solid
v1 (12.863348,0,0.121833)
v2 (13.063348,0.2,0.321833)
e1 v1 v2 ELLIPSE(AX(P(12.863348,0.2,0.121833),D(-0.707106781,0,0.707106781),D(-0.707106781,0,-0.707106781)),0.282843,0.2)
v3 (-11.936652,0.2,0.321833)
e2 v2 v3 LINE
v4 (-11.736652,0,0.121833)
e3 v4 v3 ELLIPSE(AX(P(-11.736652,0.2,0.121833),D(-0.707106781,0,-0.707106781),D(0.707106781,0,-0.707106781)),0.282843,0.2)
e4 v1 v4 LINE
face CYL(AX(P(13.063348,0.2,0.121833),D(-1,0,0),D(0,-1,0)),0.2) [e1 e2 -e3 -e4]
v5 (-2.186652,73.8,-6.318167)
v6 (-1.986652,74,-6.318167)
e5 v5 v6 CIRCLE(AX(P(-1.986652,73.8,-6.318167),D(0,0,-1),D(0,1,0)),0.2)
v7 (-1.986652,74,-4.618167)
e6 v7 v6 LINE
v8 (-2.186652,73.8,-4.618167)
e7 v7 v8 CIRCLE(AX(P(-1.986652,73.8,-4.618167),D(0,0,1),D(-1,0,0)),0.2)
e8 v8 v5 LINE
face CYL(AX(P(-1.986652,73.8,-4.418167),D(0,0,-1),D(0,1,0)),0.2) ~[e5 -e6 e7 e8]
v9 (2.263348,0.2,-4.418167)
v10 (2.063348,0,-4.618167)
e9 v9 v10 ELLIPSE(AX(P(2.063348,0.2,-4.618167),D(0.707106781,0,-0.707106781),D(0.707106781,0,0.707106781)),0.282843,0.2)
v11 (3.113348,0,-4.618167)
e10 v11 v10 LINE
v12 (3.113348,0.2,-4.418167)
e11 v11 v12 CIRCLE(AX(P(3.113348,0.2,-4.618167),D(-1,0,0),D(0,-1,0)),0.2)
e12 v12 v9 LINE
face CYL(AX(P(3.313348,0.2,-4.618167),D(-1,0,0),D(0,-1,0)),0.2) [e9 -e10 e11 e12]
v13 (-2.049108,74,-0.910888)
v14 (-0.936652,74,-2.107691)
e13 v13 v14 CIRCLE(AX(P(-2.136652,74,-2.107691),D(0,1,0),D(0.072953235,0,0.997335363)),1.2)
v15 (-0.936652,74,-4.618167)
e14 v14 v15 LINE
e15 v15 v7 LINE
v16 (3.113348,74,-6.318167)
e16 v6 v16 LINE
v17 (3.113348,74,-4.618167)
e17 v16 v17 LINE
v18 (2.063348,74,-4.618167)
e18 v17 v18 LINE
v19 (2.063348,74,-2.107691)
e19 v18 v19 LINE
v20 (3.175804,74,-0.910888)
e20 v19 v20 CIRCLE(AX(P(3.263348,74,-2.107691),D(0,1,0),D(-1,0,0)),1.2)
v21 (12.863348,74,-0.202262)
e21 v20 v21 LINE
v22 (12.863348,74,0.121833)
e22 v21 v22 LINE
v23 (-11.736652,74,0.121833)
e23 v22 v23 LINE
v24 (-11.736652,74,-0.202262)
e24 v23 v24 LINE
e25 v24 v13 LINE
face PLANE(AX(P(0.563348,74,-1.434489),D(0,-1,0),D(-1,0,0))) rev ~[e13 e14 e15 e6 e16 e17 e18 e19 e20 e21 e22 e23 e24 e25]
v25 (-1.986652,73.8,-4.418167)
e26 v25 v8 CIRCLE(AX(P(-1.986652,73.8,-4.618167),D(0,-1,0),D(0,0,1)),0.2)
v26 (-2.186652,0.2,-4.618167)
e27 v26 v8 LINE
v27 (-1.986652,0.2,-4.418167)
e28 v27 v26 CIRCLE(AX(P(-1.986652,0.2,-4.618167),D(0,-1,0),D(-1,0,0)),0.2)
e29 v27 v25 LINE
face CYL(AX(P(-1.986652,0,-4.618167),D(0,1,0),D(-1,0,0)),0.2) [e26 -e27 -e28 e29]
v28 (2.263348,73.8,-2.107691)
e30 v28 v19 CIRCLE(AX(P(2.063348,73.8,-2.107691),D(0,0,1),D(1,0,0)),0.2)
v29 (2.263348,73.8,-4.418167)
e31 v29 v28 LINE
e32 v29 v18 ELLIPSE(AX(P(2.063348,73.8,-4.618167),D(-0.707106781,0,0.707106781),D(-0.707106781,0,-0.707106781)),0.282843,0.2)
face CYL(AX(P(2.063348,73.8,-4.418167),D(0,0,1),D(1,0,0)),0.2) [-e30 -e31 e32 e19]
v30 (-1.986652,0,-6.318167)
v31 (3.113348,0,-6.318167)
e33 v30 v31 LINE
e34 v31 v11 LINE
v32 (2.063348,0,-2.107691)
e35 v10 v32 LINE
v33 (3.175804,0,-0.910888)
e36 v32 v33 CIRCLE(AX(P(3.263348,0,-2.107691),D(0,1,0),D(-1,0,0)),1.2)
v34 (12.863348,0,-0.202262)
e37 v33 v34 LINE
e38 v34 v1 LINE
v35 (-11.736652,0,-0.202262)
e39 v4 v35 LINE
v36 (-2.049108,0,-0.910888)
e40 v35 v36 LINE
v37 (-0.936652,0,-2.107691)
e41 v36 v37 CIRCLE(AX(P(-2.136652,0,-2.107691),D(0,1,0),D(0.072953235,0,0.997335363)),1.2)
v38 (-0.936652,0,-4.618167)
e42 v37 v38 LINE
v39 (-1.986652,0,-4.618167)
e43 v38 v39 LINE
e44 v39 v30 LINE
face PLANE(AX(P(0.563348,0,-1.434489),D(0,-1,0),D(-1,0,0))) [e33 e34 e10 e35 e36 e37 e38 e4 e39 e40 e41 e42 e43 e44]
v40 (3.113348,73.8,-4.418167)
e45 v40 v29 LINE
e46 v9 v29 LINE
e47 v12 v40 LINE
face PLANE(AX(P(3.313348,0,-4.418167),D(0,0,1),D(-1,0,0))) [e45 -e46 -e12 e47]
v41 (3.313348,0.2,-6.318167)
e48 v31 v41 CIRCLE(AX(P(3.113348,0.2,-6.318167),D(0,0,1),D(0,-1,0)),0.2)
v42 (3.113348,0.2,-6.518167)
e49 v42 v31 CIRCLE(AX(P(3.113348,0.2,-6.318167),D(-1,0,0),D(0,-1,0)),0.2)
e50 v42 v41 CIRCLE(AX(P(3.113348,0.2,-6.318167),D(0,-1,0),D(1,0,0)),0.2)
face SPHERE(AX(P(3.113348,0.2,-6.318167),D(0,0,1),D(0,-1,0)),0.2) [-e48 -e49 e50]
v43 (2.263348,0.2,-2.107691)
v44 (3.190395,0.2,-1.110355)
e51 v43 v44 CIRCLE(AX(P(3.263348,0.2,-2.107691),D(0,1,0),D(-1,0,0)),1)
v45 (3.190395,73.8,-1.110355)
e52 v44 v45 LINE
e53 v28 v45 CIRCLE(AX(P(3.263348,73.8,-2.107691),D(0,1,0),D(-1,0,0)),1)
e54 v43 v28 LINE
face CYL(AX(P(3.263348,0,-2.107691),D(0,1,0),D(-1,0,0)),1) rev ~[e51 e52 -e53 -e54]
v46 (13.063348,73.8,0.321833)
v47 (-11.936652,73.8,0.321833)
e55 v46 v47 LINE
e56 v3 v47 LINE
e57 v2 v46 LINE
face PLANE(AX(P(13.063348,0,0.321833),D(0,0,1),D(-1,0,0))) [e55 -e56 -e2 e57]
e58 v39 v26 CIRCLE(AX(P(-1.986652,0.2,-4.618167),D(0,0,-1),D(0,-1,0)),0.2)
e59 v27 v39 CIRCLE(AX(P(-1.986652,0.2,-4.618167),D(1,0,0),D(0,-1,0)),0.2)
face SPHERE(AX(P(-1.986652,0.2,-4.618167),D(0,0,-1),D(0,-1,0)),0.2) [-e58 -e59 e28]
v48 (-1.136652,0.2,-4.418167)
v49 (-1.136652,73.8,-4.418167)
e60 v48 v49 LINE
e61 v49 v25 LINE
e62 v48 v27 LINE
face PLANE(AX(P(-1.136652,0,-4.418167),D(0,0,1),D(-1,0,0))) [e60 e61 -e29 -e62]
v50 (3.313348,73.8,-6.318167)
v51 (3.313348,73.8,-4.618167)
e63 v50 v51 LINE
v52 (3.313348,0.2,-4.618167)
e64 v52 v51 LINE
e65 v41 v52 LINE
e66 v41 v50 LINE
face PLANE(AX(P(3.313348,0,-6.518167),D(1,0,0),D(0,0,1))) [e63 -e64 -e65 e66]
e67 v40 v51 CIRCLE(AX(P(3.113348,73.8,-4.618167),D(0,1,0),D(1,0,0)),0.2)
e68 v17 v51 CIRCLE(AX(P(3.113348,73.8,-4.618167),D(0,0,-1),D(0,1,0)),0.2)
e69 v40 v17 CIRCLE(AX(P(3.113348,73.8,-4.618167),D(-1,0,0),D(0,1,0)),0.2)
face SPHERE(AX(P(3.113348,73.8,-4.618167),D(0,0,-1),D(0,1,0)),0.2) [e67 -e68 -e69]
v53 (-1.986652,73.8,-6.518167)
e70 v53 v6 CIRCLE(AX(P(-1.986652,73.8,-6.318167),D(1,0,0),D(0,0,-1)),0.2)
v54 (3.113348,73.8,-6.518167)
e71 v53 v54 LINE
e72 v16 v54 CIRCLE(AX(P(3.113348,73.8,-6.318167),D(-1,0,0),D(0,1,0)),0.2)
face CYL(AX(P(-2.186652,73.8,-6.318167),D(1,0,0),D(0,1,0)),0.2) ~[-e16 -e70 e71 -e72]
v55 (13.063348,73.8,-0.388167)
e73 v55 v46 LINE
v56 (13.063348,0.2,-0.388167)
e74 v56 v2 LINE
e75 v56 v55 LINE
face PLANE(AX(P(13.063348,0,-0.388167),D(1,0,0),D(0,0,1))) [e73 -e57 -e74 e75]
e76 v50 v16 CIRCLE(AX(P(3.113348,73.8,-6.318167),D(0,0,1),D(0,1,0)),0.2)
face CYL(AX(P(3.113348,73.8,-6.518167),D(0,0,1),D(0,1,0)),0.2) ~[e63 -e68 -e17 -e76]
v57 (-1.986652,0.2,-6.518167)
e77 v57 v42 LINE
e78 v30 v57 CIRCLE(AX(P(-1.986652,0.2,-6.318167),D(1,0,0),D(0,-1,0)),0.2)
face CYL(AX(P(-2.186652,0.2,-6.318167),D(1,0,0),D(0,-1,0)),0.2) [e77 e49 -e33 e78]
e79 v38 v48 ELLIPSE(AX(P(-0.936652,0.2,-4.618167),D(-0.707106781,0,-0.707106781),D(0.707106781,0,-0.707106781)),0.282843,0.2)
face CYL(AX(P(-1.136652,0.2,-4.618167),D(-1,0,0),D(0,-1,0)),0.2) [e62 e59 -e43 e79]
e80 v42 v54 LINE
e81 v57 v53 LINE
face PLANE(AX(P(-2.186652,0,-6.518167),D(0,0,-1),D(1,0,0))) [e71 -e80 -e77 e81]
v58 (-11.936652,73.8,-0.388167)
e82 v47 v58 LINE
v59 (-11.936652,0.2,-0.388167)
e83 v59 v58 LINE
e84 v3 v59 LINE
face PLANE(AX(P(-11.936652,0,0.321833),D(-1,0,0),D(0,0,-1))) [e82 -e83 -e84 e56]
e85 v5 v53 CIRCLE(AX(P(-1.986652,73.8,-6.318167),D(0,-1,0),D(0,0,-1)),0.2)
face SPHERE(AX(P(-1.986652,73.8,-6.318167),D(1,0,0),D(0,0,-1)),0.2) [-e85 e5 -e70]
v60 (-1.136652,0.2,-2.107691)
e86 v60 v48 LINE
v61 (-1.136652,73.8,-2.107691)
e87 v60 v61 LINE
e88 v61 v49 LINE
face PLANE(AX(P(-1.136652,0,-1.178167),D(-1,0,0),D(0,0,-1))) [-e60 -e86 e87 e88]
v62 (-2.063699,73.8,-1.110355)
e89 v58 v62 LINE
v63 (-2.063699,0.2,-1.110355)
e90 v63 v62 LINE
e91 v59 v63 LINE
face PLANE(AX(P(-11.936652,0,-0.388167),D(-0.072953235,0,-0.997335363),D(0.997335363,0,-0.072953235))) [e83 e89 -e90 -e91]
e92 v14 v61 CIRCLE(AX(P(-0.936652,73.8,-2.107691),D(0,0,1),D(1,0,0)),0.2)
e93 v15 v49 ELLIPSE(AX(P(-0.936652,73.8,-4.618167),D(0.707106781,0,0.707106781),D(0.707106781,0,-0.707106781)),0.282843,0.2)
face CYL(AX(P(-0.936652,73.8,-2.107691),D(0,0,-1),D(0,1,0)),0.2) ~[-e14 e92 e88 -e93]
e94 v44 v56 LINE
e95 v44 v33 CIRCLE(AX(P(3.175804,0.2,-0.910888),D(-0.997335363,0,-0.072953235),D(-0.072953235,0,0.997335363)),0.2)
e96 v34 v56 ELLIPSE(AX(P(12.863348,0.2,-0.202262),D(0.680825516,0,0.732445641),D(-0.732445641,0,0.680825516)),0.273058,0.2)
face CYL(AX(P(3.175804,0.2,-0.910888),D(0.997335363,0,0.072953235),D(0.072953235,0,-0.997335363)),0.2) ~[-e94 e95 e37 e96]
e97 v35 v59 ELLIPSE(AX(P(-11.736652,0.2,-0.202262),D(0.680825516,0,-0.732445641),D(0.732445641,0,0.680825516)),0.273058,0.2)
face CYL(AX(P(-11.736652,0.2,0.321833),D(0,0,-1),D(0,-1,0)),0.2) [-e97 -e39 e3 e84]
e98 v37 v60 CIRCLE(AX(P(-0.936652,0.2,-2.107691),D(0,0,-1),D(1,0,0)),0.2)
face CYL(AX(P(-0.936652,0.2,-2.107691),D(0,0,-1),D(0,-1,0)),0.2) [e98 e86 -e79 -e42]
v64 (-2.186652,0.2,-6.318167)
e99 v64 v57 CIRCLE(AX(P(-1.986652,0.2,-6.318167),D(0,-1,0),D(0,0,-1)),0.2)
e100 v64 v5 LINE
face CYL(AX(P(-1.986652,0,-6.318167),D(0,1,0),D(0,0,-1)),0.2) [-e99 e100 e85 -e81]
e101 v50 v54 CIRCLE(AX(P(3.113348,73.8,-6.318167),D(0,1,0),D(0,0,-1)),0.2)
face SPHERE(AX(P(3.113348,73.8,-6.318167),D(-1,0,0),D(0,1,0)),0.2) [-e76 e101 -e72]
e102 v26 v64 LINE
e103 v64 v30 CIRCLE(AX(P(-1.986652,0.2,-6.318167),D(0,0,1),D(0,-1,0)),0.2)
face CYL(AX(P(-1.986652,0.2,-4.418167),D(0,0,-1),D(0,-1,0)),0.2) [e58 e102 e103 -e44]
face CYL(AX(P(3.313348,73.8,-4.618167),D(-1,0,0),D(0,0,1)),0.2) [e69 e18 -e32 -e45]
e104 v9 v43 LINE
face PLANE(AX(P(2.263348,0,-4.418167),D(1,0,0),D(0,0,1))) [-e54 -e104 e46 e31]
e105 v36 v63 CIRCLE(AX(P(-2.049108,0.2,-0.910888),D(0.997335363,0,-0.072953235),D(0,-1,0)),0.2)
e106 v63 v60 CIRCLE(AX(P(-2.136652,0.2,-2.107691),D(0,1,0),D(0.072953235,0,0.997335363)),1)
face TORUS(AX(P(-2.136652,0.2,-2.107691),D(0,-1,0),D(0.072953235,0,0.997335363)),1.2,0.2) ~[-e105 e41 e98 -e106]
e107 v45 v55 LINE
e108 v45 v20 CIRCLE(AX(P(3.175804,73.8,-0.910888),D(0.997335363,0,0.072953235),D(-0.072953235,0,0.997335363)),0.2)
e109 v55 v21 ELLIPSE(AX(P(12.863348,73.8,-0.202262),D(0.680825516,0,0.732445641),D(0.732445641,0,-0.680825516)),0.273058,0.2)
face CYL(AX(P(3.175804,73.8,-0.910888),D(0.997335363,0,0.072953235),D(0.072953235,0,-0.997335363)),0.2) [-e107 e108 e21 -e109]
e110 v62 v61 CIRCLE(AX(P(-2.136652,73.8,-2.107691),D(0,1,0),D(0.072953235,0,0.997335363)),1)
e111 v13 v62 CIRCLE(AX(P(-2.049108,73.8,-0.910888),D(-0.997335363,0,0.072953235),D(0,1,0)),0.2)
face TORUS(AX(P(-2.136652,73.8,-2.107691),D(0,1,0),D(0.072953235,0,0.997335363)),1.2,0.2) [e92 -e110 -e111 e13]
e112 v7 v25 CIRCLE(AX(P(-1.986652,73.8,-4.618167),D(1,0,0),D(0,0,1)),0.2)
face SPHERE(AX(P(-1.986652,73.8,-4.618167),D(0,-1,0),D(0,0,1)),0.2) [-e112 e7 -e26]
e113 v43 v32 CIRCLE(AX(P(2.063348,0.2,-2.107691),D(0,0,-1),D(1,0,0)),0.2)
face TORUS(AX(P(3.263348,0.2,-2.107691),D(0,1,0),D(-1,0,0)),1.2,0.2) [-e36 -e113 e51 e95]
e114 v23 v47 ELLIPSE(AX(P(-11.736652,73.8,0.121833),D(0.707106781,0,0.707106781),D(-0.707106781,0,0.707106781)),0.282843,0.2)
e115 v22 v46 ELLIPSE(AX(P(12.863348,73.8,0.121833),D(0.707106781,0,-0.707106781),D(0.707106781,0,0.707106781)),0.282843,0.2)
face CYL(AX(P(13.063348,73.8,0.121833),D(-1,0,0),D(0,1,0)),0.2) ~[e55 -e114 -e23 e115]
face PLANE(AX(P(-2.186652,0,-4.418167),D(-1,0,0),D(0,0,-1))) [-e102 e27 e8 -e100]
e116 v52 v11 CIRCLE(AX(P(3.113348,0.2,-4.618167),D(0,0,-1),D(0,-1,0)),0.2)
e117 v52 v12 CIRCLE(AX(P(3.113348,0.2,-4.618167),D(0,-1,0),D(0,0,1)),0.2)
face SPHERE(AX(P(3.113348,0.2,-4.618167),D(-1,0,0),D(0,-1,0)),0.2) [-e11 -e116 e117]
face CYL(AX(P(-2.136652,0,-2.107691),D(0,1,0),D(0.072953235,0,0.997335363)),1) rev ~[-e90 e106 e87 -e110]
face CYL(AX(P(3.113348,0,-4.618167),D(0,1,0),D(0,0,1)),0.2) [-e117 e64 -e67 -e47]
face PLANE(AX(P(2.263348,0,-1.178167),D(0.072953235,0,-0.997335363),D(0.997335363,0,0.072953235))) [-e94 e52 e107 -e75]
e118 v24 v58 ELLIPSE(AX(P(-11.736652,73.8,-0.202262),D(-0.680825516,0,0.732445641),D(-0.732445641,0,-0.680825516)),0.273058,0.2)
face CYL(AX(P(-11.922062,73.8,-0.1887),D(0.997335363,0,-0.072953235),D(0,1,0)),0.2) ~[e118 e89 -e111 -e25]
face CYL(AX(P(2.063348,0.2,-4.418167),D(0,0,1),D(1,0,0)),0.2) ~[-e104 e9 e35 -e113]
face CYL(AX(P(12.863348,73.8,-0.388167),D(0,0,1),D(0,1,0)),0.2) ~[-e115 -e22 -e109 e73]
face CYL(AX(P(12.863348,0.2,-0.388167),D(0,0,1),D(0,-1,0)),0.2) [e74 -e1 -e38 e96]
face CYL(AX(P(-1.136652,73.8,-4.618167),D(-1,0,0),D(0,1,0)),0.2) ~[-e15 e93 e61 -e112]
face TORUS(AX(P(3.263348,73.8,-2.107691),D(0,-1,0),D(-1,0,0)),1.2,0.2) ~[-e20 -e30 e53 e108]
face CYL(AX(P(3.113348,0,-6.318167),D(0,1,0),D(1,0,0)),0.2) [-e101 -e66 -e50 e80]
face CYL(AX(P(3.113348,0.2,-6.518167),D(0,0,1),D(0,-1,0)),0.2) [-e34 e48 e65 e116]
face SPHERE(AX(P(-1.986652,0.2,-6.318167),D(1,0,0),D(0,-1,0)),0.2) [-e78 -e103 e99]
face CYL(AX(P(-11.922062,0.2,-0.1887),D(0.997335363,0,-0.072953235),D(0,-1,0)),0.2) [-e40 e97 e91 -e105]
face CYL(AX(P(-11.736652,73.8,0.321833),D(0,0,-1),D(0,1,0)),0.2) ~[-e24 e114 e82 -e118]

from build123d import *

# Parameters (mm, degrees)
BOSS_EXTRUDE1_DEPTH = 74
FILLET2_R           = 1
FILLET3_R           = 0.2


with BuildPart() as part:
    # Sketch4 → Boss-Extrude1 (new body)
    with BuildSketch(Plane(origin=(0, 0, 0), x_dir=(1, 0, 0), z_dir=(0, 1, 0))):
        Polygon((2.263347742, 4.418167116), (2.263347742, 1.178167116), (13.063347742, 0.388167116), (13.063347742, -0.321832884), (-11.936652258, -0.321832884), (-11.936652258, 0.388167116), (-1.136652258, 1.178167116), (-1.136652258, 4.418167116), (-2.186652258, 4.418167116), (-2.186652258, 6.518167116), (3.313347742, 6.518167116), (3.313347742, 4.418167116), align=None)
    extrude(amount=BOSS_EXTRUDE1_DEPTH)

    # Fillet2
    fillet2_edges = [part.edges().sort_by_distance(p)[0] for p in [
        (-1.136652258, 37, -1.178167116),
        (2.263347742, 37, -1.178167116),
    ]]
    fillet(fillet2_edges, radius=FILLET2_R)

    # Fillet3
    fillet3_edges = [part.edges().sort_by_distance(p)[0] for p in [
        (0.563347742, 74, -6.518167116),
        (-1.136652258, 0, -3.26292892),
        (-7.000175641, 0, -0.749261239),
        (-11.936652258, 0, -0.033167116),
        (0.563347742, 0, 0.321832884),
        (13.063347742, 0, -0.033167116),
        (3.313347742, 74, -5.468167116),
        (2.263347742, 0, -3.26292892),
        (2.788347742, 0, -4.418167116),
        (3.313347742, 0, -5.468167116),
        (0.563347742, 0, -6.518167116),
        (-2.186652258, 0, -5.468167116),
        (-1.661652258, 0, -4.418167116),
        (2.788347742, 74, -4.418167116),
        (2.263347742, 74, -3.26292892),
        (3.313347742, 37, -4.418167116),
        (3.313347742, 37, -6.518167116),
        (-2.186652258, 37, -6.518167116),
        (-2.186652258, 37, -4.418167116),
        (13.063347742, 74, -0.033167116),
        (0.563347742, 74, 0.321832884),
        (-11.936652258, 74, -0.033167116),
        (-7.000175641, 74, -0.749261239),
        (8.126871124, 0, -0.749261239),
        (8.126871124, 74, -0.749261239),
        (-1.136652258, 74, -3.26292892),
        (2.5309021, 0, -1.426865209),
        (2.5309021, 74, -1.426865209),
        (-1.404206617, 0, -1.426865209),
        (-1.404206617, 74, -1.426865209),
        (-1.661652258, 74, -4.418167116),
        (-2.186652258, 74, -5.468167116),
    ]]
    fillet(fillet3_edges, radius=FILLET3_R)


solid = part.part
